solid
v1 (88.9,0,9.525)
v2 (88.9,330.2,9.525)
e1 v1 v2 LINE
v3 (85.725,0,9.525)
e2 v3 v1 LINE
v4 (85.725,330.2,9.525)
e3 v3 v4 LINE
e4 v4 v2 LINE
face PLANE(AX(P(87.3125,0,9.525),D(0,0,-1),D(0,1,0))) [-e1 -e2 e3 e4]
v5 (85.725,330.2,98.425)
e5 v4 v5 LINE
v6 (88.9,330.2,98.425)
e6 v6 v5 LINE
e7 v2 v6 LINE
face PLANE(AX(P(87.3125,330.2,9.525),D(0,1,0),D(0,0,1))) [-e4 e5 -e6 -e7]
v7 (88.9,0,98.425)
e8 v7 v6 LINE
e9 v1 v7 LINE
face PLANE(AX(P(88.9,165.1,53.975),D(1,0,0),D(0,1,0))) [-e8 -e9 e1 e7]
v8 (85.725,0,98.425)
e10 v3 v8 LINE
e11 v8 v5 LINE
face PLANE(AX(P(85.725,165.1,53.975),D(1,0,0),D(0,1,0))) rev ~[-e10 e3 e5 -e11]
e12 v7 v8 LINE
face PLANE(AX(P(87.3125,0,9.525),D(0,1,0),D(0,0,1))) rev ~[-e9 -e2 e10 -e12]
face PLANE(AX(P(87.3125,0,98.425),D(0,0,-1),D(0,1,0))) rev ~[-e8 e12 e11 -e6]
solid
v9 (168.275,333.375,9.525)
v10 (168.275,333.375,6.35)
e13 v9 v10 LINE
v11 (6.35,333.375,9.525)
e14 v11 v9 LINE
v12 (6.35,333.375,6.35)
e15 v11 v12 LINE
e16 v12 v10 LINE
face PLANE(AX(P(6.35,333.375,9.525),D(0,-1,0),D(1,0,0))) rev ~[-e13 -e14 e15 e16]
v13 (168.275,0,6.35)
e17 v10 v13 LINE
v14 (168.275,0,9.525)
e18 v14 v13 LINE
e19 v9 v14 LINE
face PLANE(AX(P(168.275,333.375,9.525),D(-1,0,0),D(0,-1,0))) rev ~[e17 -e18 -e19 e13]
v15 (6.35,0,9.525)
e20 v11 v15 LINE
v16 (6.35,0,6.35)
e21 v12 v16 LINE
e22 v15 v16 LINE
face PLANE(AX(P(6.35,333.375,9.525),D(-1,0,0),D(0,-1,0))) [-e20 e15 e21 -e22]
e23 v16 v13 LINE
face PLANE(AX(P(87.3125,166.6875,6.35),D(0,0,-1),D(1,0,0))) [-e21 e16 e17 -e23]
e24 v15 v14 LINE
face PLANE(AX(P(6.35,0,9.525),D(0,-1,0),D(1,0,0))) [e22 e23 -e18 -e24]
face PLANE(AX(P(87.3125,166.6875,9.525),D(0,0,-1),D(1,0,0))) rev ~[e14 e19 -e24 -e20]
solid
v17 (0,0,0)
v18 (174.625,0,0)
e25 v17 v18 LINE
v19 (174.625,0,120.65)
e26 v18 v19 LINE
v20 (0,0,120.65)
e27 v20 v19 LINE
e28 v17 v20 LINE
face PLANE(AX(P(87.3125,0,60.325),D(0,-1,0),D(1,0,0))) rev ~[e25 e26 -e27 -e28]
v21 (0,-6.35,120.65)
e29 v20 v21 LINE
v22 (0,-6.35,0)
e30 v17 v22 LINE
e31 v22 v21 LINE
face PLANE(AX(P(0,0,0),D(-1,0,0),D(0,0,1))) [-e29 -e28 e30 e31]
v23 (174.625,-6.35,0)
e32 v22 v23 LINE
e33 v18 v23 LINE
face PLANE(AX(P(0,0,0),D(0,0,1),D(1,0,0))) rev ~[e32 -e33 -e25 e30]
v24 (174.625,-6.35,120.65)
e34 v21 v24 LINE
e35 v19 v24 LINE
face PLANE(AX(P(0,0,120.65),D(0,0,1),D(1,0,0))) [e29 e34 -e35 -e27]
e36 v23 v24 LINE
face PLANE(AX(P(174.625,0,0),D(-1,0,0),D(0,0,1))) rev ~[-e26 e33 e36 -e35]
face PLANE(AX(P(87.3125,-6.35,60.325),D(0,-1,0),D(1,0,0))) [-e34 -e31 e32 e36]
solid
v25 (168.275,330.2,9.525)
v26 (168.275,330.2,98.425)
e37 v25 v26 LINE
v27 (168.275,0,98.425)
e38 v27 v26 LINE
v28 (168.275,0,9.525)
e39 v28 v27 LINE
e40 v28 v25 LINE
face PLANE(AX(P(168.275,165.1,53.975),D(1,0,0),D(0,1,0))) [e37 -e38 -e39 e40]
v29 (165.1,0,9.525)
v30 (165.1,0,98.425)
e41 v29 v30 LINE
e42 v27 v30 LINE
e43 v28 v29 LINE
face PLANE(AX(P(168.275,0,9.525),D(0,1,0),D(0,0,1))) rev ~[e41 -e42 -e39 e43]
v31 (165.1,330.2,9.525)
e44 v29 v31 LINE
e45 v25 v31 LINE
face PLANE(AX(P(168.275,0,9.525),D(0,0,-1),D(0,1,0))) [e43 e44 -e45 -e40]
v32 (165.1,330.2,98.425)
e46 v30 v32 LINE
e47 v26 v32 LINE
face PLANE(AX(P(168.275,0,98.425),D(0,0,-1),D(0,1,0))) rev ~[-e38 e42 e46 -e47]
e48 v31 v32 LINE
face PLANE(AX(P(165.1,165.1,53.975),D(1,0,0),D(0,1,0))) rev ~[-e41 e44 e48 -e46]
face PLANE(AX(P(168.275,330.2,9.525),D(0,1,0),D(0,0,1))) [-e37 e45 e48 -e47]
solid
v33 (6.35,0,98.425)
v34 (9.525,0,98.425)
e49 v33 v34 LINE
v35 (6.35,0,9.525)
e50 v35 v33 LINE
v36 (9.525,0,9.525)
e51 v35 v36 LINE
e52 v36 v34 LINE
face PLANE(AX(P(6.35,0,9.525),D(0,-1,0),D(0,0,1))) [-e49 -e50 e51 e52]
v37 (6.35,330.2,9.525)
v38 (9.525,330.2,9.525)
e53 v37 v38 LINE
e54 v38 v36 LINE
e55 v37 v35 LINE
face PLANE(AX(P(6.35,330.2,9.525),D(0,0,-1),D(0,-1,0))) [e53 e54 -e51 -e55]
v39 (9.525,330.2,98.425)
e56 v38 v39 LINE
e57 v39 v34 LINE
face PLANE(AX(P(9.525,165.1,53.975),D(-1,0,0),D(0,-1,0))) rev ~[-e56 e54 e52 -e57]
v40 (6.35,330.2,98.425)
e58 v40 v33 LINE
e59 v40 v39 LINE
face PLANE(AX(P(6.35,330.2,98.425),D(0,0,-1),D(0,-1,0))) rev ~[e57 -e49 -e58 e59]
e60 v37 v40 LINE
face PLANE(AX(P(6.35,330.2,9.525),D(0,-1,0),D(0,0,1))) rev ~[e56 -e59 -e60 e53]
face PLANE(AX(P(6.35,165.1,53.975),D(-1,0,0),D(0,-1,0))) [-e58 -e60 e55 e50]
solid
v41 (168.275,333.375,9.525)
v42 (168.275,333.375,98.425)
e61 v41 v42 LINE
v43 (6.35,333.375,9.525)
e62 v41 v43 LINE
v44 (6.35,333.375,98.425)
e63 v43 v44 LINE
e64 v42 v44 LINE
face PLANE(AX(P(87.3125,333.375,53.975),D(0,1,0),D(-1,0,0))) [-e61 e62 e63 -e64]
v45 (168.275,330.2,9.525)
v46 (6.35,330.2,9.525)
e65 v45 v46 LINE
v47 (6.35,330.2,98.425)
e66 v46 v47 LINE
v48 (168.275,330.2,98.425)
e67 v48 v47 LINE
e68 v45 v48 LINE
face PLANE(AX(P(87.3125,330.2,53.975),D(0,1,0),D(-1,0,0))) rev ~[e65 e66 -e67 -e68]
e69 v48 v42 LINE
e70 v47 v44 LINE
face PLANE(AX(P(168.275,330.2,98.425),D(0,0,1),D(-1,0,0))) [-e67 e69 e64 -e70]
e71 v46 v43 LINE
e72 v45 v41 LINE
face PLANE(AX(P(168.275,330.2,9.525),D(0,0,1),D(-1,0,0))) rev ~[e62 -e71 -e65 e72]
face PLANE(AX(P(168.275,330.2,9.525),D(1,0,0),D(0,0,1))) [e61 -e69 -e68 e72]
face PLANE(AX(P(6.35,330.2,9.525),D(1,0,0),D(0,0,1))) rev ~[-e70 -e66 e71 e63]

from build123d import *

# Parameters (mm, degrees)
F0_W      = 174.625
F0_H      = 120.65
F1_DEPTH  = 6.35
F3_W      = 330.2
F3_H      = 88.9
F4_DEPTH  = 3.175
F6_W      = 330.2
F6_H      = 88.9
F7_DEPTH  = 3.175
F8_W      = 161.925
F8_H      = 88.9
F9_DEPTH  = 3.175
F10_W     = 161.925
F10_H     = 333.375
F11_DEPTH = 3.175
F13_W     = 330.2
F13_H     = 88.9
F14_DEPTH = 1.5875


with BuildPart() as f1:
    # F0 (on Front) → F1 (new body)
    with BuildSketch(Plane.XZ):
        with Locations((87.3125, 60.325)):
            Rectangle(F0_W, F0_H)
    extrude(amount=F1_DEPTH)


with BuildPart() as f4:
    # F3 (on offset) → F4 (new body)
    with BuildSketch(Plane.YZ.offset(168.275)):
        with Locations((165.1, 53.975)):
            Rectangle(F3_W, F3_H)
    extrude(amount=-F4_DEPTH)


with BuildPart() as f7:
    # F6 (on offset) → F7 (new body)
    with BuildSketch(Plane(origin=(6.35, 0, 0), x_dir=(0, -1, 0), z_dir=(-1, 0, 0))):
        with Locations((-165.1, 53.975)):
            Rectangle(F6_W, F6_H)
    extrude(amount=-F7_DEPTH)


with BuildPart() as f9:
    # F8 (on face) → F9 (new body)
    with BuildSketch(Plane(origin=(0, 330.2, 0), x_dir=(-1, 0, 0), z_dir=(0, 1, 0))):
        with Locations((-87.3125, 53.975)):
            Rectangle(F8_W, F8_H)
    extrude(amount=F9_DEPTH)


with BuildPart() as f11:
    # F10 (on face) → F11 (new body)
    with BuildSketch(Plane(origin=(0, 0, 9.525), x_dir=(1, 0, 0), z_dir=(0, 0, -1))):
        with Locations((87.3125, -166.6875)):
            Rectangle(F10_W, F10_H)
    extrude(amount=F11_DEPTH)


with BuildPart() as f14:
    # F13 (on mid) → F14 (new body, symmetric)
    with BuildSketch(Plane.YZ.offset(87.3125)):
        with Locations((165.1, 53.975)):
            Rectangle(F13_W, F13_H)
    extrude(amount=F14_DEPTH, both=True)


solid = Compound([f1.part, f4.part, f7.part, f9.part, f11.part, f14.part])
